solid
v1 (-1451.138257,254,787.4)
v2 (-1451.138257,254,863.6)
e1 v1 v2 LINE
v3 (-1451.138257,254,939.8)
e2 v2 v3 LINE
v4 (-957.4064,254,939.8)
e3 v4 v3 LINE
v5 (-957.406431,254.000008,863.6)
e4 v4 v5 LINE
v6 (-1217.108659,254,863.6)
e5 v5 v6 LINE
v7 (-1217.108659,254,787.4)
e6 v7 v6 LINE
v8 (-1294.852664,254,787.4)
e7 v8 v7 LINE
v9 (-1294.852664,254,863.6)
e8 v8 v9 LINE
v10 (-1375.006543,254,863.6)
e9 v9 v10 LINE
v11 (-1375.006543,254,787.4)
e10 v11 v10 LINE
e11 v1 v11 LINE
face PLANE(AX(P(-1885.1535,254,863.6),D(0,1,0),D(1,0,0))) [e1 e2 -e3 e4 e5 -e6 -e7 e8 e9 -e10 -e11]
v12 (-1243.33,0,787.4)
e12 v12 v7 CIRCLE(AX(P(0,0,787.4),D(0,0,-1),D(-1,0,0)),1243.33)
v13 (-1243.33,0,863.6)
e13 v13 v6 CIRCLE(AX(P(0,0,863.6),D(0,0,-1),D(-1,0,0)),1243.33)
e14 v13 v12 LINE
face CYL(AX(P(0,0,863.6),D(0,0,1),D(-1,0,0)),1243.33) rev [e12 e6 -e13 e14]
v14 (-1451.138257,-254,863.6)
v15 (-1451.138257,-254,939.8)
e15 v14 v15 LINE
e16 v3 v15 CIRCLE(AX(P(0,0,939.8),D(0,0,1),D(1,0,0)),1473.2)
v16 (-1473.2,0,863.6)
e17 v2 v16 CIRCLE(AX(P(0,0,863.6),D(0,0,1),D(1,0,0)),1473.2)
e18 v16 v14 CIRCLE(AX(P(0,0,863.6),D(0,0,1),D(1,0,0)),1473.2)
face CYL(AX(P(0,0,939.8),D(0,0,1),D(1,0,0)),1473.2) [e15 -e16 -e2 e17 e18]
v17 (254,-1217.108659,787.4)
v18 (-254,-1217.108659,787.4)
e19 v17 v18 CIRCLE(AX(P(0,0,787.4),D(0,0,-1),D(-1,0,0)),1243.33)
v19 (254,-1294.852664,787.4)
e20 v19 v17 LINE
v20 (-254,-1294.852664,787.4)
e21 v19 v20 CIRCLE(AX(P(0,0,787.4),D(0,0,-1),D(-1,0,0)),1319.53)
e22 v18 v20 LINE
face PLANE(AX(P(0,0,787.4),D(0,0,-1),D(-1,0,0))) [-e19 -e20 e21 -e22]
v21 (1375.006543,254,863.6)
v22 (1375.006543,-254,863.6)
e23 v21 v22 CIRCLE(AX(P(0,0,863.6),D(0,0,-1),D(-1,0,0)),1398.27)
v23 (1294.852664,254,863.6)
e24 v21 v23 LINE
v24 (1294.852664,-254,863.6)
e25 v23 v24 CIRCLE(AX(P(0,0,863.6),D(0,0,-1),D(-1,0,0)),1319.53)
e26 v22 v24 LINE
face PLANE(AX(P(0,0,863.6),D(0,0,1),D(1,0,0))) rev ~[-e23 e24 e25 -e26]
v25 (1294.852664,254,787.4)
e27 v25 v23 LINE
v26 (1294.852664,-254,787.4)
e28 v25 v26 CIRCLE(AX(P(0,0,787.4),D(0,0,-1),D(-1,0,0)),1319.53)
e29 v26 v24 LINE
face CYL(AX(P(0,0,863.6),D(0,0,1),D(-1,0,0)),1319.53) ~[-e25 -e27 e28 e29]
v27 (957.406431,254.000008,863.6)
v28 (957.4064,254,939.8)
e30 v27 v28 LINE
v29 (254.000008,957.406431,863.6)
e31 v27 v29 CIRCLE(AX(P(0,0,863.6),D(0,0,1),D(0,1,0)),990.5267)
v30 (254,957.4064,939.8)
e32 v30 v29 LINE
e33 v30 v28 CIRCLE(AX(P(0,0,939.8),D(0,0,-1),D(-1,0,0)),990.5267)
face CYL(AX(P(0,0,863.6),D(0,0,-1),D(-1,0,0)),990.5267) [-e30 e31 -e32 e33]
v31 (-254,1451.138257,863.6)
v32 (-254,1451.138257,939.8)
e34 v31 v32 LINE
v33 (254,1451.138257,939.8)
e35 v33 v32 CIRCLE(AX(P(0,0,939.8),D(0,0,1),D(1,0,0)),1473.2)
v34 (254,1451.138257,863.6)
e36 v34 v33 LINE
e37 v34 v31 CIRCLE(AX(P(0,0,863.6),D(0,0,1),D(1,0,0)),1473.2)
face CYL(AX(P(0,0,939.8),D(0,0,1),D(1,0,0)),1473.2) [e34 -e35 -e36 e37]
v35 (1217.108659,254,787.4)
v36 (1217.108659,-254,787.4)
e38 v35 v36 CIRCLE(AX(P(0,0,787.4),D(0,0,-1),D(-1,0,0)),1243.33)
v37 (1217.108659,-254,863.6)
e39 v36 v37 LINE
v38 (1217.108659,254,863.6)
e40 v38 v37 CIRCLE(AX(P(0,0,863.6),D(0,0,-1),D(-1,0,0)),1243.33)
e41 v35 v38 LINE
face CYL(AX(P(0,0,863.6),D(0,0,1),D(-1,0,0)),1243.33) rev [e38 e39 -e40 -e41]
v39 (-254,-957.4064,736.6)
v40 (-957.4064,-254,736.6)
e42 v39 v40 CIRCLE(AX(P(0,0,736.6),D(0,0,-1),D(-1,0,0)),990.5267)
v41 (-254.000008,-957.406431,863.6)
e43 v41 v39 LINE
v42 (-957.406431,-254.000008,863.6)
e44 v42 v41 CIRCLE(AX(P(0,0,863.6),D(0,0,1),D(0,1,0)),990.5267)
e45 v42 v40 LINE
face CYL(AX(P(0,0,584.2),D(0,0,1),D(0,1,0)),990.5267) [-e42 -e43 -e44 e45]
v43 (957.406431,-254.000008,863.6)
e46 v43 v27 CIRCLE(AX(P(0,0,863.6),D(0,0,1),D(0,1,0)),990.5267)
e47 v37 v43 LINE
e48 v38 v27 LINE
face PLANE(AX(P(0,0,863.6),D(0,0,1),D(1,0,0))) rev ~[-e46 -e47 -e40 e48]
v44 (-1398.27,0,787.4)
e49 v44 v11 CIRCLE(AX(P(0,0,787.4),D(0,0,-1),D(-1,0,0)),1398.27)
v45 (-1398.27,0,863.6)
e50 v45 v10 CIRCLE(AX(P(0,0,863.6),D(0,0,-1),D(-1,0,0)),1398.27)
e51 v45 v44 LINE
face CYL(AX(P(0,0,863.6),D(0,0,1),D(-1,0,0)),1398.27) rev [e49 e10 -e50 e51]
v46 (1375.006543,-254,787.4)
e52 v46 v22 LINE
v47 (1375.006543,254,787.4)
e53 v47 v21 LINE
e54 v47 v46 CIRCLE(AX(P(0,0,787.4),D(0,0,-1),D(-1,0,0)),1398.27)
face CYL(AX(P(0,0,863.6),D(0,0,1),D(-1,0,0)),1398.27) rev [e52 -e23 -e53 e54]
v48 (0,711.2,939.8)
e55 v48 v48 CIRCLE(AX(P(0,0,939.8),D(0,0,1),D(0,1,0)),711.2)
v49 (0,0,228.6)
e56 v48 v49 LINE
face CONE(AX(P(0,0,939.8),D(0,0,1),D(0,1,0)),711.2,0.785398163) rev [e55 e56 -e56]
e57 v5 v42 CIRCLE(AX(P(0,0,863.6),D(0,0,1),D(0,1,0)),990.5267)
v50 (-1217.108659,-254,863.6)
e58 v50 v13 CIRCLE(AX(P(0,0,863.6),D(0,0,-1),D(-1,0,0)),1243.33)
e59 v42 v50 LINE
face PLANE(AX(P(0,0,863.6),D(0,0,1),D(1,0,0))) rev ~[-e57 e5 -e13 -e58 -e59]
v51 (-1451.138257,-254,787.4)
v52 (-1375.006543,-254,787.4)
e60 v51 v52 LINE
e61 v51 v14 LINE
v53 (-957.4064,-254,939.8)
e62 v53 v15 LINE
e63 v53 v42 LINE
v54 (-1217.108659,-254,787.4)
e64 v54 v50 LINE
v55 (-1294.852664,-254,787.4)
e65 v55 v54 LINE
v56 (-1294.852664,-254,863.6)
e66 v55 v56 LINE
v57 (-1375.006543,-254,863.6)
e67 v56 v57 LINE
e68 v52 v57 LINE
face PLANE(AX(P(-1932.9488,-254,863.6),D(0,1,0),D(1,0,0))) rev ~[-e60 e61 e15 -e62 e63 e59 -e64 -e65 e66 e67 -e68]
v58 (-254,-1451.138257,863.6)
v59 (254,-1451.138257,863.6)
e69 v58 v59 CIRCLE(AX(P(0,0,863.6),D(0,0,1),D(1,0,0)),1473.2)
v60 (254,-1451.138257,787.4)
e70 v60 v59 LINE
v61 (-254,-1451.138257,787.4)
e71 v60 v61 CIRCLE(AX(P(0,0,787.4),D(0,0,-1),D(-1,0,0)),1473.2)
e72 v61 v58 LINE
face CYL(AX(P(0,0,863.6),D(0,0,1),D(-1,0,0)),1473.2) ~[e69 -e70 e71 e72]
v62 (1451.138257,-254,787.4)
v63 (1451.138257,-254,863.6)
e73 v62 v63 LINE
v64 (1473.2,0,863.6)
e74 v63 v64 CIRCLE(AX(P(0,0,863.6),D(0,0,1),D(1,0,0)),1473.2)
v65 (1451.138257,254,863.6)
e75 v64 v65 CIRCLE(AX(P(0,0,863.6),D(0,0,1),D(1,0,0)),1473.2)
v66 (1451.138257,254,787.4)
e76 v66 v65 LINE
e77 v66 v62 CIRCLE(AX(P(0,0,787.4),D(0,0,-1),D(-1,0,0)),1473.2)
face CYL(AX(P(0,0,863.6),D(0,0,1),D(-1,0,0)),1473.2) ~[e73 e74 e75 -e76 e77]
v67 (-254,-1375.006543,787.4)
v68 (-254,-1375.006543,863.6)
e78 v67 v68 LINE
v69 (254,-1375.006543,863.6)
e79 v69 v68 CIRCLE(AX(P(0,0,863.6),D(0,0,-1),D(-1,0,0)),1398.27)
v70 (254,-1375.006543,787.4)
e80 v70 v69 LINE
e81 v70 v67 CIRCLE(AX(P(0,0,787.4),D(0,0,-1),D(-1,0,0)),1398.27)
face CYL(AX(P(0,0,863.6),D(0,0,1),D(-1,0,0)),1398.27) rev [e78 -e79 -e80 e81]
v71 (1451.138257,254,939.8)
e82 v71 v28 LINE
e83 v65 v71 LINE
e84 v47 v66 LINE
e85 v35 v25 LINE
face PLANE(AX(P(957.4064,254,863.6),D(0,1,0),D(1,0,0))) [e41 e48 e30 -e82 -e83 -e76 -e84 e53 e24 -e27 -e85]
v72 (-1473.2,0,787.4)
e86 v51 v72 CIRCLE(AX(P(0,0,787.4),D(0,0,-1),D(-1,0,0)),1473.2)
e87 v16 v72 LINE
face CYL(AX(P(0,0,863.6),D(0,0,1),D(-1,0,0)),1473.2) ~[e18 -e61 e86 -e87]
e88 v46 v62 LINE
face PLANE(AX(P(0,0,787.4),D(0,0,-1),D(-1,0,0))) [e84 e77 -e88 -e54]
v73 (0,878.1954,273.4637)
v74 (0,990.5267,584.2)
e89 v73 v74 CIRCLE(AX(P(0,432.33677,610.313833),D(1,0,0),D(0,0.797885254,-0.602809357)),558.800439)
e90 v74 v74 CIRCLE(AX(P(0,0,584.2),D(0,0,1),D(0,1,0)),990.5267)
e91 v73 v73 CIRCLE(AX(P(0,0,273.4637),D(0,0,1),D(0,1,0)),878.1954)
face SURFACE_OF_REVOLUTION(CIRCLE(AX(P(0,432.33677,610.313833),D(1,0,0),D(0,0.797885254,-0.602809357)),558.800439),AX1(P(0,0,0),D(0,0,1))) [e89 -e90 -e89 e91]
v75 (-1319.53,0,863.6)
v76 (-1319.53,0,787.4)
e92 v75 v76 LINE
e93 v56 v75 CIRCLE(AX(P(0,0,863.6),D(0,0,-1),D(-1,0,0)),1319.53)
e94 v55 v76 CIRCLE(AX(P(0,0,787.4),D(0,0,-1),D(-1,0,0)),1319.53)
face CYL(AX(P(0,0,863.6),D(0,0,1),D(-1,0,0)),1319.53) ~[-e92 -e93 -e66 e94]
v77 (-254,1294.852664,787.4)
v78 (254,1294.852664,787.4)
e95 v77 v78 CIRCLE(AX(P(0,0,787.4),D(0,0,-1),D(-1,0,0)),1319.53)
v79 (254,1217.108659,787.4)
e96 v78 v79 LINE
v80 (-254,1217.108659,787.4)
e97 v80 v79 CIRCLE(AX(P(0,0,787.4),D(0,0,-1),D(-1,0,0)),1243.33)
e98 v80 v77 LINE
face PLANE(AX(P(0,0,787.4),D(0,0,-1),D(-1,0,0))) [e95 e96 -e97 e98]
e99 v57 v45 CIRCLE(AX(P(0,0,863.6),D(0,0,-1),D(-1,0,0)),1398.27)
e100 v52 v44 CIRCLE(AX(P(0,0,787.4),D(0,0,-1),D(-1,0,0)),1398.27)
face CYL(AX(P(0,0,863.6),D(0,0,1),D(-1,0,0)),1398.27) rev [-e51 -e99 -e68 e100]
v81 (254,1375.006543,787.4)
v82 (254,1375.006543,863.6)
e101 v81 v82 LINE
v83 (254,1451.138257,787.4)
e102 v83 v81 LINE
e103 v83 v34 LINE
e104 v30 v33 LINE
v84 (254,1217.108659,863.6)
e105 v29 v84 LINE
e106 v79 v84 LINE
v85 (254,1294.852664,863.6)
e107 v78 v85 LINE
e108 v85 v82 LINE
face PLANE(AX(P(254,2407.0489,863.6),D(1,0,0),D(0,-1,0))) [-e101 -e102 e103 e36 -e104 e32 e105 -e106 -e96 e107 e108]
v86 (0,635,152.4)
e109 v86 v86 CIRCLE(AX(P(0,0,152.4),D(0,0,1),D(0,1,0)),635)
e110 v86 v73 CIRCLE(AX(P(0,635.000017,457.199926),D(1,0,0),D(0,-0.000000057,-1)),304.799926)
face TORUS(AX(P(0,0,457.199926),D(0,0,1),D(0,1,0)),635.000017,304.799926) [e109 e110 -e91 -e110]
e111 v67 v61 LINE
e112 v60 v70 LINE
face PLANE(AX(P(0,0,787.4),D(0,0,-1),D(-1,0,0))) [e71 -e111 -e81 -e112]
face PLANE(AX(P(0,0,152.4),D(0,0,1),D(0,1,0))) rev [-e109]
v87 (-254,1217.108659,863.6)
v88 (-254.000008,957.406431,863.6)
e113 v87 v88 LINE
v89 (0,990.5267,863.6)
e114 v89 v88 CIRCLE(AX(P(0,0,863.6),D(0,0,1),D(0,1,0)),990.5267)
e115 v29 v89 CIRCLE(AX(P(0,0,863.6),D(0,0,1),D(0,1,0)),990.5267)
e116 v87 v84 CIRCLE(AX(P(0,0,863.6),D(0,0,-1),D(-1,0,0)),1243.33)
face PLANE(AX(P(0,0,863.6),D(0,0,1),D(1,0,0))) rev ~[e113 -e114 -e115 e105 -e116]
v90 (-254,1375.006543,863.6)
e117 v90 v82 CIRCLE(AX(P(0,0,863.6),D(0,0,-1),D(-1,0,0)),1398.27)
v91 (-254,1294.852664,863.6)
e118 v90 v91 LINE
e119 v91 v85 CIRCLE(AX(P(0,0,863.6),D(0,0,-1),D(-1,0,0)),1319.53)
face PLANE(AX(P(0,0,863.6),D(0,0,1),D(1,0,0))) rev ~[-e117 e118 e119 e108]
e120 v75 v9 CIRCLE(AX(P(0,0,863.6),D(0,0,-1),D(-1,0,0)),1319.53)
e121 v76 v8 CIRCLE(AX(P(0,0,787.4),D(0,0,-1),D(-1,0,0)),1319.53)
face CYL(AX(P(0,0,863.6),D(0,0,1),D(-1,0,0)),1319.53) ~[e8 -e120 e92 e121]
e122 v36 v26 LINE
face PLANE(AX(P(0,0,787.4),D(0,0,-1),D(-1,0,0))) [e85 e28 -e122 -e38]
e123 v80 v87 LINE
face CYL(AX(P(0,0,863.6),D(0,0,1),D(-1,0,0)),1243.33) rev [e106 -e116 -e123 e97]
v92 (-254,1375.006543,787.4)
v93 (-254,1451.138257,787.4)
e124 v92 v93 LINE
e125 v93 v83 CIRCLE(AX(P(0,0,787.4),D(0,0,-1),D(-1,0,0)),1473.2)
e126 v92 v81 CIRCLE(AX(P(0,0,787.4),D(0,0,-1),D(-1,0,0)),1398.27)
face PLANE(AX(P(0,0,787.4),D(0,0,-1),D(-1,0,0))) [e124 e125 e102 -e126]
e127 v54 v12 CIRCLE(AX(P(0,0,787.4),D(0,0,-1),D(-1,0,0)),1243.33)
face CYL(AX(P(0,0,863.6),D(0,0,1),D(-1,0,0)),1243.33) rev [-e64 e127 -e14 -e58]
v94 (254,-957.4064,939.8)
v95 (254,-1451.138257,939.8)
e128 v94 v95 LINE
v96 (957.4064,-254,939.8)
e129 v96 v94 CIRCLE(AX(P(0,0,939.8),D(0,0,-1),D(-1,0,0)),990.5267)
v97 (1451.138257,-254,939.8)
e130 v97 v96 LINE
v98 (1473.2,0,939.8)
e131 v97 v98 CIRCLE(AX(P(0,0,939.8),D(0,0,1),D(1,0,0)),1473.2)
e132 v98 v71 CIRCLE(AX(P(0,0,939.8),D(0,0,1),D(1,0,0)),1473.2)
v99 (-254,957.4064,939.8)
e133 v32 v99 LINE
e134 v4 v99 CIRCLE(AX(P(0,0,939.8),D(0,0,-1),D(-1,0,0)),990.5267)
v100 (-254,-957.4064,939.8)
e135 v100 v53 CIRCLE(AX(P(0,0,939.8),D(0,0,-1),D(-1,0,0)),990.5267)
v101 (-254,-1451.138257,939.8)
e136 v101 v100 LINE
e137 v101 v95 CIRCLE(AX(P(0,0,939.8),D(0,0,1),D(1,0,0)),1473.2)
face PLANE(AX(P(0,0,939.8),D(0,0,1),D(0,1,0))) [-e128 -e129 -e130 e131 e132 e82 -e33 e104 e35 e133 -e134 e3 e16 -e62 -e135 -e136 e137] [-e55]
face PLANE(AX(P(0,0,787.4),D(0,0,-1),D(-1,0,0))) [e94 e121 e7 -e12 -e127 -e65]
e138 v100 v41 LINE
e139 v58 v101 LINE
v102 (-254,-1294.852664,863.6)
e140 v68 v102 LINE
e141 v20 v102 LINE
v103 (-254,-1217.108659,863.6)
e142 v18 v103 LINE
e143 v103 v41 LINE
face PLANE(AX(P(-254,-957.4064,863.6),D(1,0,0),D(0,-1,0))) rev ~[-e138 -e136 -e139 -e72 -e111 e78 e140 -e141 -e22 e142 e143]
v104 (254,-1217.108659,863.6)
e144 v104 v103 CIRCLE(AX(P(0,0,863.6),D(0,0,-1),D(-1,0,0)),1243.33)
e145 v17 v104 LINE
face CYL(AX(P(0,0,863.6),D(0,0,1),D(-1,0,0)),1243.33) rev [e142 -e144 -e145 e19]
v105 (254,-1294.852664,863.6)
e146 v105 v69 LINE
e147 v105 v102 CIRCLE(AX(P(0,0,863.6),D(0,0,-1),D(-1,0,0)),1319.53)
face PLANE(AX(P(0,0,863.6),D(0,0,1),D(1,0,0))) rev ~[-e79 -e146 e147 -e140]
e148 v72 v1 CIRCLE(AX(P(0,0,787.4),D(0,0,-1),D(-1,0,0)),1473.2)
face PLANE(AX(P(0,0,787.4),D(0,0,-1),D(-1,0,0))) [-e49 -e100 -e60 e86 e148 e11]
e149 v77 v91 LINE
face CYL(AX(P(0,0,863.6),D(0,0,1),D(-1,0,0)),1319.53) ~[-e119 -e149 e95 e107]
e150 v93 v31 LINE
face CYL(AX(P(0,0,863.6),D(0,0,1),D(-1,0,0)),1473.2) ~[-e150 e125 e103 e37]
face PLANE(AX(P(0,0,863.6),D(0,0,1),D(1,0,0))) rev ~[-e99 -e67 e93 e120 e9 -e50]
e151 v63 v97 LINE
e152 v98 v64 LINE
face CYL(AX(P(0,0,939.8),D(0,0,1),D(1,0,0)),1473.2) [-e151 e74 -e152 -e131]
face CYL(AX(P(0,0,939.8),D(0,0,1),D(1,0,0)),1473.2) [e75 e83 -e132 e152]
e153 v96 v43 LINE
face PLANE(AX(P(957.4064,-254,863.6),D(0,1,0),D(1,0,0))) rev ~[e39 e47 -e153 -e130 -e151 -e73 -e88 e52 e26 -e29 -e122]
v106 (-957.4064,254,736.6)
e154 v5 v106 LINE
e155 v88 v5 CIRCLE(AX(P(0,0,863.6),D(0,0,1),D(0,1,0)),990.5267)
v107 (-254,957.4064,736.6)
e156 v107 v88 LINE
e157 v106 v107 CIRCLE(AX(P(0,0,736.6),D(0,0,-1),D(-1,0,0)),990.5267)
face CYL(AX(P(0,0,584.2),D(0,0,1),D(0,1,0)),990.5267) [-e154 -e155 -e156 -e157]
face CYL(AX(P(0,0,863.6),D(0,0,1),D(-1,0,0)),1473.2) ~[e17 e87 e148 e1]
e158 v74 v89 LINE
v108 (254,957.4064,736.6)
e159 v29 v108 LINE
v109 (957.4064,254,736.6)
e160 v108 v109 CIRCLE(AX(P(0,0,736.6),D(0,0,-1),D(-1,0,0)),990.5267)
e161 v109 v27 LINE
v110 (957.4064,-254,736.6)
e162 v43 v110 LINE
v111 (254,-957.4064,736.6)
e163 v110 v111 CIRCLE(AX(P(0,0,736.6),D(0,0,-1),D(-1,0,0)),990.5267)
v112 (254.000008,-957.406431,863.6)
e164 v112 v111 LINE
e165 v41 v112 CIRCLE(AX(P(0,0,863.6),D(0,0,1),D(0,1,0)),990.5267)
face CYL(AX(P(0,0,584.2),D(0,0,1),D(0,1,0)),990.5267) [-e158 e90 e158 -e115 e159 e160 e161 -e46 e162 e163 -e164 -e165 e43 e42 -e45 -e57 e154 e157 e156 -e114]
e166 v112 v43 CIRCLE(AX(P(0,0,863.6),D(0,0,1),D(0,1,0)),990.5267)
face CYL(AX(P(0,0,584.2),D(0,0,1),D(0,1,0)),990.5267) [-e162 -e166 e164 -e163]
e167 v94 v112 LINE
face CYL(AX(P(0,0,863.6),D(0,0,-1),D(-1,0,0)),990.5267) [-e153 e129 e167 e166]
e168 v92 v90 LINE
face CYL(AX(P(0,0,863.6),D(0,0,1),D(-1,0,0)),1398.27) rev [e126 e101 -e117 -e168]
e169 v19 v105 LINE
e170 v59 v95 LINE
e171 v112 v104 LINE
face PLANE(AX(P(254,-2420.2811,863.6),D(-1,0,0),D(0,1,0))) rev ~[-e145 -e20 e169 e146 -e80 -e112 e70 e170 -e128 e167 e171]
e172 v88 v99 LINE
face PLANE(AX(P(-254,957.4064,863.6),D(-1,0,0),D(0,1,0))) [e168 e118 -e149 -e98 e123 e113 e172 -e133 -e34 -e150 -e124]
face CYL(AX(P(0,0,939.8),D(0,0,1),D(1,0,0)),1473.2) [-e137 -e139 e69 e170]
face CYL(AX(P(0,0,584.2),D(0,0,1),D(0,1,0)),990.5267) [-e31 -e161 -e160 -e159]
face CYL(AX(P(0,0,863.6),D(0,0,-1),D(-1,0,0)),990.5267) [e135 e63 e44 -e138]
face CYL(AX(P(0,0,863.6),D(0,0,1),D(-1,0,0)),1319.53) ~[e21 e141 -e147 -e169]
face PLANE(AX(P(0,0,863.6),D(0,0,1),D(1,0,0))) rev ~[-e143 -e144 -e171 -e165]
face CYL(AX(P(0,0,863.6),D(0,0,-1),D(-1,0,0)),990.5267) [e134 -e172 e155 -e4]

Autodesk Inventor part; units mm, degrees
ref_plane "YZ Plane" through (0, 0, 0) normal (1, 0, 0) x (0, 1, 0)
ref_plane "XZ Plane" through (0, 0, 0) normal (0, 1, 0) x (-1, 0, 0)
ref_plane "XY Plane" through (0, 0, 0) normal (0, 0, 1) x (1, 0, 0)
sketch "Sketch1" plane through (0, 0, 0) normal (0, 1, 0) x (-1, 0, 0)
  point P0 (0, 0)
sketch "Sketch2" plane through (0, 0, 0) normal (0, 1, 0) x (-1, 0, 0)
  point P0 (0, 0)
sketch "Sketch3" plane through (0, 0, 0) normal (1, 0, 0) x (0, 1, 0)
  line L0 (0, 0) -> (635, 0) construction
  line L1 (0, 0) -> (0, 76.2) construction
  line L2 (0, 76.2) -> (635, 76.2) construction
  arc A0 (635, 0) -> (999.7931, 181.5955) centre (635, 457.2) ccw construction
  arc A1 (635, 76.2) -> (938.9942, 227.5296) centre (635, 457.2) ccw construction
  arc A2 (938.9942, 227.5296) -> (1066.8, 584.2) centre (432.3372, 610.3136) ccw construction
  arc A3 (999.7931, 181.5955) -> (1136.1393, 508) centre (432.3372, 610.3136) ccw construction
  line L3 (1397, 584.2) -> (1397, 508) construction
  line L4 (1397, 508) -> (1136.1393, 508) construction
  line L5 (1066.8, 584.2) -> (1320.8, 584.2) construction
  line L6 (1320.8, 584.2) -> (1320.8, 685.8) construction
  line L7 (1320.8, 685.8) -> (1397, 685.8) construction
  line L8 (1397, 685.8) -> (1397, 584.2) construction
  line L9 (635, 0) -> (1103.7061, 0) construction
  line L10 (1103.7061, 0) -> (1397, 508) construction
  line L11 (0, 152.4) -> (635, 152.4)
  arc A4 (635, 152.4) -> (878.1954, 273.4637) centre (635, 457.2) ccw
  arc A5 (878.1954, 273.4637) -> (990.5267, 584.2) centre (432.3372, 610.3136) ccw
  line L12 (990.5267, 584.2) -> (990.5267, 939.8)
  line L13 (990.5267, 939.8) -> (914.3267, 939.8)
  line L14 (914.3267, 939.8) -> (914.3267, 586.0467) construction
  line L15 (635, 228.6) -> (0, 228.6) construction
  line L16 (0, 228.6) -> (0, 152.4)
  arc A6 (817.3965, 319.3977) -> (914.3267, 586.0467) centre (432.3372, 610.3136) ccw
  arc A7 (635, 228.6) -> (817.3965, 319.3977) centre (635, 457.2) ccw construction
  line L17 (914.3267, 939.8) -> (711.2, 939.8)
  line L18 (711.2, 939.8) -> (0, 228.6)
  dimension "d0" = 1397
  dimension "d1" = 76.2
  dimension "d3" = 635
  dimension "d4" = 101.6
  dimension "d5" = 76.2
  dimension "d6" = 254
  dimension "d7" = 685.8
  dimension "d8" = 60
  dimension "d9" = 635
  dimension "d10" = 381
  dimension "d32" = 76.2
  dimension "d33" = 355.6
  dimension "d34" = 45
revolve "Revolution1" add sketch "Sketch3" angle 360 about axis through (0, 0, 0) along (0, 0, 1)
sketch "Sketch7" plane through (0, 0, 939.8) normal (0, 0, 1) x (1, 0, 0)
  circle A0 centre (0, 0) radius 990.5267
  circle A1 centre (0, 0) radius 1473.2
  circle A2 centre (0, 0) radius 990.5267 projected
  dimension "d35" = 2946.4
extrude "Extrusion4" add sketch "Sketch7" against normal blind 76.2
sketch "Sketch8" plane through (0, 0, 863.6) normal (0, 0, -1) x (-1, 0, 0)
  circle A0 centre (0, 0) radius 1473.2
  circle A1 centre (0, 0) radius 1398.27
  circle A2 centre (0, 0) radius 1319.53
  circle A3 centre (0, 0) radius 1243.33
  circle A4 centre (0, 0) radius 1473.2 projected
  dimension "d38" = 74.93
  dimension "d39" = 76.2
  dimension "d40" = 78.74
extrude "Extrusion5" add sketch "Sketch8" along normal blind 76.2
sketch "Sketch9" plane through (0, 0, 863.6) normal (0, 0, -1) x (-1, 0, 0)
  circle A0 centre (0, 0) radius 990.5267
  circle A1 centre (0, 0) radius 990.5267 projected
  circle A2 centre (0, 0) radius 990.5267 projected
  line L0 (-957.4064, 254) -> (-1726.5763, 254)
  line L1 (-1726.5763, 254) -> (-1726.5763, 2407.0489)
  line L2 (-1726.5763, 2407.0489) -> (-254, 2407.0489)
  line L3 (-254, 2407.0489) -> (-254, 957.4064)
  line L4 (254, 957.4064) -> (254, 2407.0489)
  line L5 (254, 2407.0489) -> (1885.1535, 2407.0489)
  line L6 (1885.1535, 2407.0489) -> (1885.1535, 254)
  line L7 (1885.1535, 254) -> (957.4064, 254)
  line L8 (-957.4064, -254) -> (-1726.5763, -254)
  line L9 (-1726.5763, -254) -> (-1726.5763, -2420.2811)
  line L10 (-1726.5763, -2420.2811) -> (-254, -2420.2811)
  line L11 (-254, -2420.2811) -> (-254, -957.4064)
  line L12 (254, -957.4064) -> (254, -2461.2485)
  line L13 (254, -2461.2485) -> (1932.9488, -2461.2485)
  line L14 (1932.9488, -2461.2485) -> (1932.9488, -254)
  line L15 (1932.9488, -254) -> (957.4064, -254)
  point P0 (254, -1709.3275)
  dimension "d43" = 508
  dimension "d44" = 508
  dimension "d45" = 508
  dimension "d46" = 508
  dimension "d47" = 254
  dimension "d48" = 254
extrude "Extrusion6" cut sketch "Sketch9" against normal blind 127 and the other way blind 127 contours A0 L4 L5 L6 L7 | L15 L14 L13 L12 A0 | A0 L0 L1 L2 L3 | L11 L10 L9 L8 A0
properties part number "TopV2"
